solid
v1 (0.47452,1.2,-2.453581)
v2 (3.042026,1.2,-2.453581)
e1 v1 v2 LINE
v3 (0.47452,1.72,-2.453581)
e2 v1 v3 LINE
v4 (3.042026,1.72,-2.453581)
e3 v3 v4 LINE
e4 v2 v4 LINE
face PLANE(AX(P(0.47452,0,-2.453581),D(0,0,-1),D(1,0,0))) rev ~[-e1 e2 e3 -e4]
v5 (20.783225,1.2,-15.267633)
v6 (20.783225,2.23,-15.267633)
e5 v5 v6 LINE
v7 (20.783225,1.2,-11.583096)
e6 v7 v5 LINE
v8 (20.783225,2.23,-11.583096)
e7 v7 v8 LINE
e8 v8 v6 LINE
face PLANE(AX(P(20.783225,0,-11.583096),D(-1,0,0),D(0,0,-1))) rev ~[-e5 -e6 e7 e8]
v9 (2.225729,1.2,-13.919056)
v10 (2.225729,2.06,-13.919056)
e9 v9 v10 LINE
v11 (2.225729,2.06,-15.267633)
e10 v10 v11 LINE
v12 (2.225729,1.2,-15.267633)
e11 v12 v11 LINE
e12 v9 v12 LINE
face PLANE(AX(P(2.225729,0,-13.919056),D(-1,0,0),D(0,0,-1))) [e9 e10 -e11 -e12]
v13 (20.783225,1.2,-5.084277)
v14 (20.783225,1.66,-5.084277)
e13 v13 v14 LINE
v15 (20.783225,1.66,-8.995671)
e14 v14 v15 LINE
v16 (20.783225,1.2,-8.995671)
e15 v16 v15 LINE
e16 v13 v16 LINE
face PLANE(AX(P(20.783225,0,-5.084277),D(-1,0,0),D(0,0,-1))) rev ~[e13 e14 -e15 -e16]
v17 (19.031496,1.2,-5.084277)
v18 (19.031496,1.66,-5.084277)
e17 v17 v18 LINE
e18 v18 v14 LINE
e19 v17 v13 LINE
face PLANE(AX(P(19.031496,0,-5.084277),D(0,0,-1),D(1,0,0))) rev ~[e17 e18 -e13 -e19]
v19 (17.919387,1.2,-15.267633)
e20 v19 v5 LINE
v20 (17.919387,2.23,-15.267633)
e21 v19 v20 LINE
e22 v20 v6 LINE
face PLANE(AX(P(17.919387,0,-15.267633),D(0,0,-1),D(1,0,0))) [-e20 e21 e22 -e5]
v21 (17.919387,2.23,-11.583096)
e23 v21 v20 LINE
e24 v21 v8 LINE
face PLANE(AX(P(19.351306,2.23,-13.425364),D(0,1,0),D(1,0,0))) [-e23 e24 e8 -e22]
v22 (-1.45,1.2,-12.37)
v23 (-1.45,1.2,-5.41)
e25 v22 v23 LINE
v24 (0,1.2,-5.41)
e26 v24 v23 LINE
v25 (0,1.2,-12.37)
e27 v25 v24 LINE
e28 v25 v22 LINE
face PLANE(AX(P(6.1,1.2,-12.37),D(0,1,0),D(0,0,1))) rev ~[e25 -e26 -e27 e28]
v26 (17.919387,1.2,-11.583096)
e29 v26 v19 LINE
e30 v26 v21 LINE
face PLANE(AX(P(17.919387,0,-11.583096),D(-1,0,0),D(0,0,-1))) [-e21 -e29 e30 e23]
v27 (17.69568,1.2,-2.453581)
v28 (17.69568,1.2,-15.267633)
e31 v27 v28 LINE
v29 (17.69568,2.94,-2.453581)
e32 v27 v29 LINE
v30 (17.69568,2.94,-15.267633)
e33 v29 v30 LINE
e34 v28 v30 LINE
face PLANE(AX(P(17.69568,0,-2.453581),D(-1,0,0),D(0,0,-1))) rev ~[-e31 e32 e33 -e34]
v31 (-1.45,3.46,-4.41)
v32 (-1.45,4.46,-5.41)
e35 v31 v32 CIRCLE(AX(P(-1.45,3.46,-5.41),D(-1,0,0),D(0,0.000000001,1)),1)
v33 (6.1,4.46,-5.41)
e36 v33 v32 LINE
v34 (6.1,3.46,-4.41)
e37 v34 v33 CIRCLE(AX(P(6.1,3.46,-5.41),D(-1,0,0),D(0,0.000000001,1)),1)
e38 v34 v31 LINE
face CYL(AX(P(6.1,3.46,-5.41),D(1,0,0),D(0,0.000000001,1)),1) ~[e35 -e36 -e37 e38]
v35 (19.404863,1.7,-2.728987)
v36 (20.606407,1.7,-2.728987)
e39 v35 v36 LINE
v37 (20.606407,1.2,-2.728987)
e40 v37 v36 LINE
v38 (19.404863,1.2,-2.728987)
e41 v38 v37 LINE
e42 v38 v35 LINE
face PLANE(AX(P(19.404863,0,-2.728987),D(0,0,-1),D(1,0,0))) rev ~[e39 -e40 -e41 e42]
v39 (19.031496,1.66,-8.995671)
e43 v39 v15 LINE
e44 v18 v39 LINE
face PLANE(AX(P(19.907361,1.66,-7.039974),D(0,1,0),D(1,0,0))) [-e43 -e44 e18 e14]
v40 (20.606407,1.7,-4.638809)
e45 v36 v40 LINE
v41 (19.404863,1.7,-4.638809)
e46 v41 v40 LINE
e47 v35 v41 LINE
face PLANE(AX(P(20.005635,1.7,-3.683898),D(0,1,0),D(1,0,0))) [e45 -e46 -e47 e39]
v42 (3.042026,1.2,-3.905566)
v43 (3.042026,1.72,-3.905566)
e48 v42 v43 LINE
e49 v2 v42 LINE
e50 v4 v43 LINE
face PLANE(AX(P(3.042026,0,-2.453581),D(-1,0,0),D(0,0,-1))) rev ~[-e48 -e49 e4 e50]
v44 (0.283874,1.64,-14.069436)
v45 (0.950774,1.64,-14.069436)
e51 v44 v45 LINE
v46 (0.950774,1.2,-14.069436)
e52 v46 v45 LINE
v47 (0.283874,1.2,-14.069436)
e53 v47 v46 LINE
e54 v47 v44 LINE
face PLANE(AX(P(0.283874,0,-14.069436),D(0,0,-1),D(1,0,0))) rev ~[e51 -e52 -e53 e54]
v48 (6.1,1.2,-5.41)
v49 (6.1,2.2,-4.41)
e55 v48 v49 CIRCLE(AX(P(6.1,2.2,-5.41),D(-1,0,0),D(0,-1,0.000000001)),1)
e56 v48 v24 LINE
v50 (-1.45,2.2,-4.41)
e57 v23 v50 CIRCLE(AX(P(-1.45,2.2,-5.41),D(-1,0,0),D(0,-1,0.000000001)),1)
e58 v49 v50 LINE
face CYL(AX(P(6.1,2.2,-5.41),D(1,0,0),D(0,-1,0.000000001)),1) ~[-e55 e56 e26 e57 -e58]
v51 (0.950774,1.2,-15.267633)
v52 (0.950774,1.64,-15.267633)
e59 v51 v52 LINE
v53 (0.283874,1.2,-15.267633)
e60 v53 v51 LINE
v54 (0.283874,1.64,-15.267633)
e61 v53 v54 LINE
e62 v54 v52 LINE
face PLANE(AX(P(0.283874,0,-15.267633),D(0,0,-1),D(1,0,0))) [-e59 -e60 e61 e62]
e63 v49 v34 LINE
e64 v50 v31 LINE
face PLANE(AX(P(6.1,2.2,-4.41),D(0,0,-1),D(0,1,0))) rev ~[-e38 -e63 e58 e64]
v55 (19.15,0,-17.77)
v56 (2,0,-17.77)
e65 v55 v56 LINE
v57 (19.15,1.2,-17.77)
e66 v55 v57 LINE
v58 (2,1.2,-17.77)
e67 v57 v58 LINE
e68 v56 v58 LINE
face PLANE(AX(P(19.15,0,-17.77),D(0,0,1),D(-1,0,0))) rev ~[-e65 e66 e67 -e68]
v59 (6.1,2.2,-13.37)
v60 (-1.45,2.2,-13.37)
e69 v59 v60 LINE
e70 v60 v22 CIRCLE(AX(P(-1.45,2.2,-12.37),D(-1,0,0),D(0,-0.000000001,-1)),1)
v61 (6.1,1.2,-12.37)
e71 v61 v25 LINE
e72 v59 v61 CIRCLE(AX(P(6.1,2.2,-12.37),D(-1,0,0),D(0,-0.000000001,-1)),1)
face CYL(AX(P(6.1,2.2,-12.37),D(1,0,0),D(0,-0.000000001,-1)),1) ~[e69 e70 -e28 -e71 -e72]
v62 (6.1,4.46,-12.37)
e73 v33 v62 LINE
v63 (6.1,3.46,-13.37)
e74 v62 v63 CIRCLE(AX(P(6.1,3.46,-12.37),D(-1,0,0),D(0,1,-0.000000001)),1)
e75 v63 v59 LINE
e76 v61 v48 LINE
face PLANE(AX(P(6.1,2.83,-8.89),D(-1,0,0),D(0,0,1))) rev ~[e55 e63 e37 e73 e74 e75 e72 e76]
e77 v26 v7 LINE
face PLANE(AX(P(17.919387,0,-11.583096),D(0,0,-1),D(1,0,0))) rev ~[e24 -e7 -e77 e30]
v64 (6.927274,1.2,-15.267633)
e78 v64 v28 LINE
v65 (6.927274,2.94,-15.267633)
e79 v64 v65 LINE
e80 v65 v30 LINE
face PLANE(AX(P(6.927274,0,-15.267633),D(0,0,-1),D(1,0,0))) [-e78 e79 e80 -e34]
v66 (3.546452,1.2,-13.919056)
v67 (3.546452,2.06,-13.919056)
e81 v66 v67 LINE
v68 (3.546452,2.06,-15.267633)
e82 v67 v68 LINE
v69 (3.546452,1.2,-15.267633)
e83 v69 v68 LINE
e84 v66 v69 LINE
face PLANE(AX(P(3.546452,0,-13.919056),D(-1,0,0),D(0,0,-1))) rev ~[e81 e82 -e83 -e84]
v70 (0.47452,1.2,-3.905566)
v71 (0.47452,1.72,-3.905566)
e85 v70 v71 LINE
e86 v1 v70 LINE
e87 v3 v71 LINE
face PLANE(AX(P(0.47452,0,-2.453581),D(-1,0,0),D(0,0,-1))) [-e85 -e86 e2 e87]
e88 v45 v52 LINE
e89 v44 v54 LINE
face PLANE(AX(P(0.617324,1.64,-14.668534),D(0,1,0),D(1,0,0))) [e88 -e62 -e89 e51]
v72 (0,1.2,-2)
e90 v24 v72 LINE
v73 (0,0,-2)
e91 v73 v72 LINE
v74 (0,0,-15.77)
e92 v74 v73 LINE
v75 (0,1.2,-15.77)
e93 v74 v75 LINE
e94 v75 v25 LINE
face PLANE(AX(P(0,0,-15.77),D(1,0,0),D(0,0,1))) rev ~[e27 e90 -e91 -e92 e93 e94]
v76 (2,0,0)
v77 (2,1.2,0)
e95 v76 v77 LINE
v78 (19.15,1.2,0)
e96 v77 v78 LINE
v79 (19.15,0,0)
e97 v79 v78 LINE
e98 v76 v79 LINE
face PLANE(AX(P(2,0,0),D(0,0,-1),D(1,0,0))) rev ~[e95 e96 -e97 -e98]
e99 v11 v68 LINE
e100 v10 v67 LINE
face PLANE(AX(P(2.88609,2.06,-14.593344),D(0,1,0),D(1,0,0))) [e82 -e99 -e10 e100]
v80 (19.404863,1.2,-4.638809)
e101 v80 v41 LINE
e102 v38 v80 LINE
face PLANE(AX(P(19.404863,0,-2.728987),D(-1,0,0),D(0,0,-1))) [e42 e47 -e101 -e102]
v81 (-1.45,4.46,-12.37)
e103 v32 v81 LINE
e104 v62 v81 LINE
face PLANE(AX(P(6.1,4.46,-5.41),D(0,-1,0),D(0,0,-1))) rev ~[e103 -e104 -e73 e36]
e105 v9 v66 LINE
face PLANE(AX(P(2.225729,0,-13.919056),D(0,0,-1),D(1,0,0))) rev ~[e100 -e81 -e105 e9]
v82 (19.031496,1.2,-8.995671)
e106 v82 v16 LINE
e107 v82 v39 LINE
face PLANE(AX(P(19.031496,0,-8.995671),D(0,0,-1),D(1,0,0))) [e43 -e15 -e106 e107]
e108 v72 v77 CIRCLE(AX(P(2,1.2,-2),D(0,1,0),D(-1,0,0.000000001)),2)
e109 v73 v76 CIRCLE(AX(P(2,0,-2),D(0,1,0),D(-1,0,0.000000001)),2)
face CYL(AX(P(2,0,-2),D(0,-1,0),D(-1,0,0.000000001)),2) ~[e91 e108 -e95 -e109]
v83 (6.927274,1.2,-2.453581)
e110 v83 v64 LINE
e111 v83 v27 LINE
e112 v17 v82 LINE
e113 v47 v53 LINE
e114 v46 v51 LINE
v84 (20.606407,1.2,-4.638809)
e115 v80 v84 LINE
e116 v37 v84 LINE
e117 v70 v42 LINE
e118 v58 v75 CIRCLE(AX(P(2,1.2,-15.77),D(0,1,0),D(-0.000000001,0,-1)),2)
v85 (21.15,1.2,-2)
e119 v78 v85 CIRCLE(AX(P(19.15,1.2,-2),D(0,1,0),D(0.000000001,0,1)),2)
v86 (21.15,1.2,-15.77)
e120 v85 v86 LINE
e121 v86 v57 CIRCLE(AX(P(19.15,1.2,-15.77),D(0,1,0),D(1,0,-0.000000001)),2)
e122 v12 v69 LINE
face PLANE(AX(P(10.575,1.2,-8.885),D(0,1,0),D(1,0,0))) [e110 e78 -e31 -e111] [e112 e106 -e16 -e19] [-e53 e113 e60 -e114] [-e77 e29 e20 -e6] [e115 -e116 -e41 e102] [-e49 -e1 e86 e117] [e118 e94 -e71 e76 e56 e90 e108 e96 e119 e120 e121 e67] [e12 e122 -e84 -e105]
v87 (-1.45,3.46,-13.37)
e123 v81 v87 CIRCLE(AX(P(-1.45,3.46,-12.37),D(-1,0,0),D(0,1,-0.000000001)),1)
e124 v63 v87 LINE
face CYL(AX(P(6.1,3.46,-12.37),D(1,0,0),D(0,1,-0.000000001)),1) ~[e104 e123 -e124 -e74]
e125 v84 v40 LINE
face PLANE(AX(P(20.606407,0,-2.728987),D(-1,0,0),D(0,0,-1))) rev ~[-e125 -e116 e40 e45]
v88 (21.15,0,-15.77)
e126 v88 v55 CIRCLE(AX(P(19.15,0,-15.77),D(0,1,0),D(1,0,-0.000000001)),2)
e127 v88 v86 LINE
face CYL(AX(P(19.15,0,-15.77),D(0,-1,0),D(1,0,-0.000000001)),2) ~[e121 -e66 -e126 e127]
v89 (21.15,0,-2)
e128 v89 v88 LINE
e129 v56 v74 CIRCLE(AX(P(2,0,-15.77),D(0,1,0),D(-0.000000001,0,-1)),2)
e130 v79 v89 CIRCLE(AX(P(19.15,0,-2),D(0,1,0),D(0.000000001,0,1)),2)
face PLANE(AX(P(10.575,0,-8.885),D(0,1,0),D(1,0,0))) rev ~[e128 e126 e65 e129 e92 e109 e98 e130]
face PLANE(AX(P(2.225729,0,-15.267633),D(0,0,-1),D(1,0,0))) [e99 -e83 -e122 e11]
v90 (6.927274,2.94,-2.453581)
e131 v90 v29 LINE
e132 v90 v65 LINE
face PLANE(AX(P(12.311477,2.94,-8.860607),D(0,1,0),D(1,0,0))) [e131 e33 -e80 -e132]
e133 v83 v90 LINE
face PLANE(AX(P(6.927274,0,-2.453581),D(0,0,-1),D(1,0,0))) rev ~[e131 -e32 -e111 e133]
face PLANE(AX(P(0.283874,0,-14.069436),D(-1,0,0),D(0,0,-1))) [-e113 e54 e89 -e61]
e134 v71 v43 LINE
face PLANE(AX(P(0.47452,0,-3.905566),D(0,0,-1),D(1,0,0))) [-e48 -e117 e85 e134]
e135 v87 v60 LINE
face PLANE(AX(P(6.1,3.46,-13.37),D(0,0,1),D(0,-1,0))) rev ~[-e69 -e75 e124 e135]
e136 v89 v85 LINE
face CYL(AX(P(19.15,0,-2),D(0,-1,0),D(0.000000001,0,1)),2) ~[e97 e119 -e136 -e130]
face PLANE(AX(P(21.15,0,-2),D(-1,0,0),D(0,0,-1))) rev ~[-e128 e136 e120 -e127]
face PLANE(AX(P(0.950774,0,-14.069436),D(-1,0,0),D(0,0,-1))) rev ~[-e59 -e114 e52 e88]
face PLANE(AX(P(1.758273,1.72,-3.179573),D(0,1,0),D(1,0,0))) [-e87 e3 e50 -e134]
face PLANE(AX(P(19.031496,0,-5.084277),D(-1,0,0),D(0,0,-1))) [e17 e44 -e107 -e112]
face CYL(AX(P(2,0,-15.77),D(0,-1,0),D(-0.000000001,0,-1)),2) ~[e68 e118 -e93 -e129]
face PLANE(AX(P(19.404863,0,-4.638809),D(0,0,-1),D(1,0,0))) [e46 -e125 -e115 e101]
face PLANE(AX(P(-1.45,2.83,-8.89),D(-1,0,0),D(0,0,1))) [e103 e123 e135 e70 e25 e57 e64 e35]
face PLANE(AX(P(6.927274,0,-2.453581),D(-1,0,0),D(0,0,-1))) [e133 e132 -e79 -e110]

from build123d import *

# Parameters (mm, degrees)
SKETCH_1_W            = 1.320722759
SKETCH_1_H            = 1.348576416
EXTRUDE_2_DEPTH       = 2.06
SKETCH_1_3_W          = 2.567505851
SKETCH_1_3_H          = 1.451984885
EXTRUDE_3_DEPTH       = 1.72
SKETCH_1_4_W          = 10.768406503
SKETCH_1_4_H          = 12.814051925
EXTRUDE_4_DEPTH       = 2.94
SKETCH_1_5_W          = 1.751728556
SKETCH_1_5_H          = 3.911393899
EXTRUDE_5_DEPTH       = 1.66
SKETCH_1_6_W          = 2.863837954
SKETCH_1_6_H          = 3.684536573
EXTRUDE_6_DEPTH       = 2.23
SKETCH_1_7_W          = 0.666899611
SKETCH_1_7_H          = 1.198197092
EXTRUDE_7_DEPTH       = 1.64
SKETCH_1_8_W          = 1.201543901
SKETCH_1_8_H          = 1.909822412
EXTRUDE_8_DEPTH       = 1.7
EXTRUDE_9_DEPTH       = 1.2
EXTRUDE_10_DEPTH      = 1.45
EXTRUDE_10_DEPTH_BACK = 6.1


with BuildPart() as part:
    # 草图1 → 凸台-拉伸2 (new body)
    with BuildSketch(Plane(origin=(0, 0, 0), x_dir=(1, 0, 0), z_dir=(0, 1, 0))):
        with Locations((2.886090317, 14.593344496)):
            Rectangle(SKETCH_1_W, SKETCH_1_H)
    extrude(amount=EXTRUDE_2_DEPTH)



with BuildPart() as body_2:
    # 草图1<3> → 凸台-拉伸3 (new body)
    with BuildSketch(Plane(origin=(0, 0, 0), x_dir=(1, 0, 0), z_dir=(0, 1, 0))):
        with Locations((1.758272699, 3.179573222)):
            Rectangle(SKETCH_1_3_W, SKETCH_1_3_H)
    extrude(amount=EXTRUDE_3_DEPTH)


with BuildPart() as body_3:
    # 草图1<4> → 凸台-拉伸4 (new body)
    with BuildSketch(Plane(origin=(0, 0, 0), x_dir=(1, 0, 0), z_dir=(0, 1, 0))):
        with Locations((12.311476922, 8.860606741)):
            Rectangle(SKETCH_1_4_W, SKETCH_1_4_H)
    extrude(amount=EXTRUDE_4_DEPTH)


with BuildPart() as body_4:
    # 草图1<5> → 凸台-拉伸5 (new body)
    with BuildSketch(Plane(origin=(0, 0, 0), x_dir=(1, 0, 0), z_dir=(0, 1, 0))):
        with Locations((19.907360624, 7.039973628)):
            Rectangle(SKETCH_1_5_W, SKETCH_1_5_H)
    extrude(amount=EXTRUDE_5_DEPTH)


with BuildPart() as body_5:
    # 草图1<6> → 凸台-拉伸6 (new body)
    with BuildSketch(Plane(origin=(0, 0, 0), x_dir=(1, 0, 0), z_dir=(0, 1, 0))):
        with Locations((19.351305925, 13.425364418)):
            Rectangle(SKETCH_1_6_W, SKETCH_1_6_H)
    extrude(amount=EXTRUDE_6_DEPTH)


with BuildPart() as body_6:
    # 草图1<7> → 凸台-拉伸7 (new body)
    with BuildSketch(Plane(origin=(0, 0, 0), x_dir=(1, 0, 0), z_dir=(0, 1, 0))):
        with Locations((0.617323995, 14.668534158)):
            Rectangle(SKETCH_1_7_W, SKETCH_1_7_H)
    extrude(amount=EXTRUDE_7_DEPTH)


with BuildPart() as body_7:
    # 草图1<8> → 凸台-拉伸8 (new body)
    with BuildSketch(Plane(origin=(0, 0, 0), x_dir=(1, 0, 0), z_dir=(0, 1, 0))):
        with Locations((20.00563527, 3.683898)):
            Rectangle(SKETCH_1_8_W, SKETCH_1_8_H)
    extrude(amount=EXTRUDE_8_DEPTH)


with BuildPart() as part_1:
    add(part.part)

    add(body_2.part)  # 凸台-拉伸9 merges body 2

    add(body_3.part)  # 凸台-拉伸9 merges body 3

    add(body_4.part)  # 凸台-拉伸9 merges body 4

    add(body_5.part)  # 凸台-拉伸9 merges body 5

    add(body_6.part)  # 凸台-拉伸9 merges body 6

    add(body_7.part)  # 凸台-拉伸9 merges body 7
    # 草图1<9> → 凸台-拉伸9 (add)
    with BuildSketch(Plane(origin=(0, 0, 0), x_dir=(1, 0, 0), z_dir=(0, 1, 0))):
        with BuildLine():
            Line((2, 0), (19.15, 0))
            ThreePointArc((19.15, 0), (20.564213562, 0.585786438), (21.15, 2))
            Line((21.15, 2), (21.15, 15.77))
            ThreePointArc((21.15, 15.77), (20.564213562, 17.184213562), (19.15, 17.77))
            Line((19.15, 17.77), (2, 17.77))
            ThreePointArc((2, 17.77), (0.585786438, 17.184213562), (0, 15.77))
            Line((0, 15.77), (0, 2))
            ThreePointArc((0, 2), (0.585786438, 0.585786438), (2, 0))
        make_face()
    extrude(amount=EXTRUDE_9_DEPTH)

    # 草图4 → 凸台-拉伸10 (add, two sides: drawn at the far end of the back side and taken through both)
    with BuildSketch(Plane.ZY.offset(-EXTRUDE_10_DEPTH_BACK)):
        with BuildLine():
            Line((-12.37, 1.2), (-5.41, 1.2))
            ThreePointArc((-5.41, 1.2), (-4.702893219, 1.492893219), (-4.41, 2.2))
            Line((-4.41, 2.2), (-4.41, 3.46))
            ThreePointArc((-4.41, 3.46), (-4.702893219, 4.167106781), (-5.41, 4.46))
            Line((-5.41, 4.46), (-12.37, 4.46))
            ThreePointArc((-12.37, 4.46), (-13.077106781, 4.167106781), (-13.37, 3.46))
            Line((-13.37, 3.46), (-13.37, 2.2))
            ThreePointArc((-13.37, 2.2), (-13.077106781, 1.492893219), (-12.37, 1.2))
        make_face()
    extrude(amount=EXTRUDE_10_DEPTH + EXTRUDE_10_DEPTH_BACK)


solid = part_1.part
